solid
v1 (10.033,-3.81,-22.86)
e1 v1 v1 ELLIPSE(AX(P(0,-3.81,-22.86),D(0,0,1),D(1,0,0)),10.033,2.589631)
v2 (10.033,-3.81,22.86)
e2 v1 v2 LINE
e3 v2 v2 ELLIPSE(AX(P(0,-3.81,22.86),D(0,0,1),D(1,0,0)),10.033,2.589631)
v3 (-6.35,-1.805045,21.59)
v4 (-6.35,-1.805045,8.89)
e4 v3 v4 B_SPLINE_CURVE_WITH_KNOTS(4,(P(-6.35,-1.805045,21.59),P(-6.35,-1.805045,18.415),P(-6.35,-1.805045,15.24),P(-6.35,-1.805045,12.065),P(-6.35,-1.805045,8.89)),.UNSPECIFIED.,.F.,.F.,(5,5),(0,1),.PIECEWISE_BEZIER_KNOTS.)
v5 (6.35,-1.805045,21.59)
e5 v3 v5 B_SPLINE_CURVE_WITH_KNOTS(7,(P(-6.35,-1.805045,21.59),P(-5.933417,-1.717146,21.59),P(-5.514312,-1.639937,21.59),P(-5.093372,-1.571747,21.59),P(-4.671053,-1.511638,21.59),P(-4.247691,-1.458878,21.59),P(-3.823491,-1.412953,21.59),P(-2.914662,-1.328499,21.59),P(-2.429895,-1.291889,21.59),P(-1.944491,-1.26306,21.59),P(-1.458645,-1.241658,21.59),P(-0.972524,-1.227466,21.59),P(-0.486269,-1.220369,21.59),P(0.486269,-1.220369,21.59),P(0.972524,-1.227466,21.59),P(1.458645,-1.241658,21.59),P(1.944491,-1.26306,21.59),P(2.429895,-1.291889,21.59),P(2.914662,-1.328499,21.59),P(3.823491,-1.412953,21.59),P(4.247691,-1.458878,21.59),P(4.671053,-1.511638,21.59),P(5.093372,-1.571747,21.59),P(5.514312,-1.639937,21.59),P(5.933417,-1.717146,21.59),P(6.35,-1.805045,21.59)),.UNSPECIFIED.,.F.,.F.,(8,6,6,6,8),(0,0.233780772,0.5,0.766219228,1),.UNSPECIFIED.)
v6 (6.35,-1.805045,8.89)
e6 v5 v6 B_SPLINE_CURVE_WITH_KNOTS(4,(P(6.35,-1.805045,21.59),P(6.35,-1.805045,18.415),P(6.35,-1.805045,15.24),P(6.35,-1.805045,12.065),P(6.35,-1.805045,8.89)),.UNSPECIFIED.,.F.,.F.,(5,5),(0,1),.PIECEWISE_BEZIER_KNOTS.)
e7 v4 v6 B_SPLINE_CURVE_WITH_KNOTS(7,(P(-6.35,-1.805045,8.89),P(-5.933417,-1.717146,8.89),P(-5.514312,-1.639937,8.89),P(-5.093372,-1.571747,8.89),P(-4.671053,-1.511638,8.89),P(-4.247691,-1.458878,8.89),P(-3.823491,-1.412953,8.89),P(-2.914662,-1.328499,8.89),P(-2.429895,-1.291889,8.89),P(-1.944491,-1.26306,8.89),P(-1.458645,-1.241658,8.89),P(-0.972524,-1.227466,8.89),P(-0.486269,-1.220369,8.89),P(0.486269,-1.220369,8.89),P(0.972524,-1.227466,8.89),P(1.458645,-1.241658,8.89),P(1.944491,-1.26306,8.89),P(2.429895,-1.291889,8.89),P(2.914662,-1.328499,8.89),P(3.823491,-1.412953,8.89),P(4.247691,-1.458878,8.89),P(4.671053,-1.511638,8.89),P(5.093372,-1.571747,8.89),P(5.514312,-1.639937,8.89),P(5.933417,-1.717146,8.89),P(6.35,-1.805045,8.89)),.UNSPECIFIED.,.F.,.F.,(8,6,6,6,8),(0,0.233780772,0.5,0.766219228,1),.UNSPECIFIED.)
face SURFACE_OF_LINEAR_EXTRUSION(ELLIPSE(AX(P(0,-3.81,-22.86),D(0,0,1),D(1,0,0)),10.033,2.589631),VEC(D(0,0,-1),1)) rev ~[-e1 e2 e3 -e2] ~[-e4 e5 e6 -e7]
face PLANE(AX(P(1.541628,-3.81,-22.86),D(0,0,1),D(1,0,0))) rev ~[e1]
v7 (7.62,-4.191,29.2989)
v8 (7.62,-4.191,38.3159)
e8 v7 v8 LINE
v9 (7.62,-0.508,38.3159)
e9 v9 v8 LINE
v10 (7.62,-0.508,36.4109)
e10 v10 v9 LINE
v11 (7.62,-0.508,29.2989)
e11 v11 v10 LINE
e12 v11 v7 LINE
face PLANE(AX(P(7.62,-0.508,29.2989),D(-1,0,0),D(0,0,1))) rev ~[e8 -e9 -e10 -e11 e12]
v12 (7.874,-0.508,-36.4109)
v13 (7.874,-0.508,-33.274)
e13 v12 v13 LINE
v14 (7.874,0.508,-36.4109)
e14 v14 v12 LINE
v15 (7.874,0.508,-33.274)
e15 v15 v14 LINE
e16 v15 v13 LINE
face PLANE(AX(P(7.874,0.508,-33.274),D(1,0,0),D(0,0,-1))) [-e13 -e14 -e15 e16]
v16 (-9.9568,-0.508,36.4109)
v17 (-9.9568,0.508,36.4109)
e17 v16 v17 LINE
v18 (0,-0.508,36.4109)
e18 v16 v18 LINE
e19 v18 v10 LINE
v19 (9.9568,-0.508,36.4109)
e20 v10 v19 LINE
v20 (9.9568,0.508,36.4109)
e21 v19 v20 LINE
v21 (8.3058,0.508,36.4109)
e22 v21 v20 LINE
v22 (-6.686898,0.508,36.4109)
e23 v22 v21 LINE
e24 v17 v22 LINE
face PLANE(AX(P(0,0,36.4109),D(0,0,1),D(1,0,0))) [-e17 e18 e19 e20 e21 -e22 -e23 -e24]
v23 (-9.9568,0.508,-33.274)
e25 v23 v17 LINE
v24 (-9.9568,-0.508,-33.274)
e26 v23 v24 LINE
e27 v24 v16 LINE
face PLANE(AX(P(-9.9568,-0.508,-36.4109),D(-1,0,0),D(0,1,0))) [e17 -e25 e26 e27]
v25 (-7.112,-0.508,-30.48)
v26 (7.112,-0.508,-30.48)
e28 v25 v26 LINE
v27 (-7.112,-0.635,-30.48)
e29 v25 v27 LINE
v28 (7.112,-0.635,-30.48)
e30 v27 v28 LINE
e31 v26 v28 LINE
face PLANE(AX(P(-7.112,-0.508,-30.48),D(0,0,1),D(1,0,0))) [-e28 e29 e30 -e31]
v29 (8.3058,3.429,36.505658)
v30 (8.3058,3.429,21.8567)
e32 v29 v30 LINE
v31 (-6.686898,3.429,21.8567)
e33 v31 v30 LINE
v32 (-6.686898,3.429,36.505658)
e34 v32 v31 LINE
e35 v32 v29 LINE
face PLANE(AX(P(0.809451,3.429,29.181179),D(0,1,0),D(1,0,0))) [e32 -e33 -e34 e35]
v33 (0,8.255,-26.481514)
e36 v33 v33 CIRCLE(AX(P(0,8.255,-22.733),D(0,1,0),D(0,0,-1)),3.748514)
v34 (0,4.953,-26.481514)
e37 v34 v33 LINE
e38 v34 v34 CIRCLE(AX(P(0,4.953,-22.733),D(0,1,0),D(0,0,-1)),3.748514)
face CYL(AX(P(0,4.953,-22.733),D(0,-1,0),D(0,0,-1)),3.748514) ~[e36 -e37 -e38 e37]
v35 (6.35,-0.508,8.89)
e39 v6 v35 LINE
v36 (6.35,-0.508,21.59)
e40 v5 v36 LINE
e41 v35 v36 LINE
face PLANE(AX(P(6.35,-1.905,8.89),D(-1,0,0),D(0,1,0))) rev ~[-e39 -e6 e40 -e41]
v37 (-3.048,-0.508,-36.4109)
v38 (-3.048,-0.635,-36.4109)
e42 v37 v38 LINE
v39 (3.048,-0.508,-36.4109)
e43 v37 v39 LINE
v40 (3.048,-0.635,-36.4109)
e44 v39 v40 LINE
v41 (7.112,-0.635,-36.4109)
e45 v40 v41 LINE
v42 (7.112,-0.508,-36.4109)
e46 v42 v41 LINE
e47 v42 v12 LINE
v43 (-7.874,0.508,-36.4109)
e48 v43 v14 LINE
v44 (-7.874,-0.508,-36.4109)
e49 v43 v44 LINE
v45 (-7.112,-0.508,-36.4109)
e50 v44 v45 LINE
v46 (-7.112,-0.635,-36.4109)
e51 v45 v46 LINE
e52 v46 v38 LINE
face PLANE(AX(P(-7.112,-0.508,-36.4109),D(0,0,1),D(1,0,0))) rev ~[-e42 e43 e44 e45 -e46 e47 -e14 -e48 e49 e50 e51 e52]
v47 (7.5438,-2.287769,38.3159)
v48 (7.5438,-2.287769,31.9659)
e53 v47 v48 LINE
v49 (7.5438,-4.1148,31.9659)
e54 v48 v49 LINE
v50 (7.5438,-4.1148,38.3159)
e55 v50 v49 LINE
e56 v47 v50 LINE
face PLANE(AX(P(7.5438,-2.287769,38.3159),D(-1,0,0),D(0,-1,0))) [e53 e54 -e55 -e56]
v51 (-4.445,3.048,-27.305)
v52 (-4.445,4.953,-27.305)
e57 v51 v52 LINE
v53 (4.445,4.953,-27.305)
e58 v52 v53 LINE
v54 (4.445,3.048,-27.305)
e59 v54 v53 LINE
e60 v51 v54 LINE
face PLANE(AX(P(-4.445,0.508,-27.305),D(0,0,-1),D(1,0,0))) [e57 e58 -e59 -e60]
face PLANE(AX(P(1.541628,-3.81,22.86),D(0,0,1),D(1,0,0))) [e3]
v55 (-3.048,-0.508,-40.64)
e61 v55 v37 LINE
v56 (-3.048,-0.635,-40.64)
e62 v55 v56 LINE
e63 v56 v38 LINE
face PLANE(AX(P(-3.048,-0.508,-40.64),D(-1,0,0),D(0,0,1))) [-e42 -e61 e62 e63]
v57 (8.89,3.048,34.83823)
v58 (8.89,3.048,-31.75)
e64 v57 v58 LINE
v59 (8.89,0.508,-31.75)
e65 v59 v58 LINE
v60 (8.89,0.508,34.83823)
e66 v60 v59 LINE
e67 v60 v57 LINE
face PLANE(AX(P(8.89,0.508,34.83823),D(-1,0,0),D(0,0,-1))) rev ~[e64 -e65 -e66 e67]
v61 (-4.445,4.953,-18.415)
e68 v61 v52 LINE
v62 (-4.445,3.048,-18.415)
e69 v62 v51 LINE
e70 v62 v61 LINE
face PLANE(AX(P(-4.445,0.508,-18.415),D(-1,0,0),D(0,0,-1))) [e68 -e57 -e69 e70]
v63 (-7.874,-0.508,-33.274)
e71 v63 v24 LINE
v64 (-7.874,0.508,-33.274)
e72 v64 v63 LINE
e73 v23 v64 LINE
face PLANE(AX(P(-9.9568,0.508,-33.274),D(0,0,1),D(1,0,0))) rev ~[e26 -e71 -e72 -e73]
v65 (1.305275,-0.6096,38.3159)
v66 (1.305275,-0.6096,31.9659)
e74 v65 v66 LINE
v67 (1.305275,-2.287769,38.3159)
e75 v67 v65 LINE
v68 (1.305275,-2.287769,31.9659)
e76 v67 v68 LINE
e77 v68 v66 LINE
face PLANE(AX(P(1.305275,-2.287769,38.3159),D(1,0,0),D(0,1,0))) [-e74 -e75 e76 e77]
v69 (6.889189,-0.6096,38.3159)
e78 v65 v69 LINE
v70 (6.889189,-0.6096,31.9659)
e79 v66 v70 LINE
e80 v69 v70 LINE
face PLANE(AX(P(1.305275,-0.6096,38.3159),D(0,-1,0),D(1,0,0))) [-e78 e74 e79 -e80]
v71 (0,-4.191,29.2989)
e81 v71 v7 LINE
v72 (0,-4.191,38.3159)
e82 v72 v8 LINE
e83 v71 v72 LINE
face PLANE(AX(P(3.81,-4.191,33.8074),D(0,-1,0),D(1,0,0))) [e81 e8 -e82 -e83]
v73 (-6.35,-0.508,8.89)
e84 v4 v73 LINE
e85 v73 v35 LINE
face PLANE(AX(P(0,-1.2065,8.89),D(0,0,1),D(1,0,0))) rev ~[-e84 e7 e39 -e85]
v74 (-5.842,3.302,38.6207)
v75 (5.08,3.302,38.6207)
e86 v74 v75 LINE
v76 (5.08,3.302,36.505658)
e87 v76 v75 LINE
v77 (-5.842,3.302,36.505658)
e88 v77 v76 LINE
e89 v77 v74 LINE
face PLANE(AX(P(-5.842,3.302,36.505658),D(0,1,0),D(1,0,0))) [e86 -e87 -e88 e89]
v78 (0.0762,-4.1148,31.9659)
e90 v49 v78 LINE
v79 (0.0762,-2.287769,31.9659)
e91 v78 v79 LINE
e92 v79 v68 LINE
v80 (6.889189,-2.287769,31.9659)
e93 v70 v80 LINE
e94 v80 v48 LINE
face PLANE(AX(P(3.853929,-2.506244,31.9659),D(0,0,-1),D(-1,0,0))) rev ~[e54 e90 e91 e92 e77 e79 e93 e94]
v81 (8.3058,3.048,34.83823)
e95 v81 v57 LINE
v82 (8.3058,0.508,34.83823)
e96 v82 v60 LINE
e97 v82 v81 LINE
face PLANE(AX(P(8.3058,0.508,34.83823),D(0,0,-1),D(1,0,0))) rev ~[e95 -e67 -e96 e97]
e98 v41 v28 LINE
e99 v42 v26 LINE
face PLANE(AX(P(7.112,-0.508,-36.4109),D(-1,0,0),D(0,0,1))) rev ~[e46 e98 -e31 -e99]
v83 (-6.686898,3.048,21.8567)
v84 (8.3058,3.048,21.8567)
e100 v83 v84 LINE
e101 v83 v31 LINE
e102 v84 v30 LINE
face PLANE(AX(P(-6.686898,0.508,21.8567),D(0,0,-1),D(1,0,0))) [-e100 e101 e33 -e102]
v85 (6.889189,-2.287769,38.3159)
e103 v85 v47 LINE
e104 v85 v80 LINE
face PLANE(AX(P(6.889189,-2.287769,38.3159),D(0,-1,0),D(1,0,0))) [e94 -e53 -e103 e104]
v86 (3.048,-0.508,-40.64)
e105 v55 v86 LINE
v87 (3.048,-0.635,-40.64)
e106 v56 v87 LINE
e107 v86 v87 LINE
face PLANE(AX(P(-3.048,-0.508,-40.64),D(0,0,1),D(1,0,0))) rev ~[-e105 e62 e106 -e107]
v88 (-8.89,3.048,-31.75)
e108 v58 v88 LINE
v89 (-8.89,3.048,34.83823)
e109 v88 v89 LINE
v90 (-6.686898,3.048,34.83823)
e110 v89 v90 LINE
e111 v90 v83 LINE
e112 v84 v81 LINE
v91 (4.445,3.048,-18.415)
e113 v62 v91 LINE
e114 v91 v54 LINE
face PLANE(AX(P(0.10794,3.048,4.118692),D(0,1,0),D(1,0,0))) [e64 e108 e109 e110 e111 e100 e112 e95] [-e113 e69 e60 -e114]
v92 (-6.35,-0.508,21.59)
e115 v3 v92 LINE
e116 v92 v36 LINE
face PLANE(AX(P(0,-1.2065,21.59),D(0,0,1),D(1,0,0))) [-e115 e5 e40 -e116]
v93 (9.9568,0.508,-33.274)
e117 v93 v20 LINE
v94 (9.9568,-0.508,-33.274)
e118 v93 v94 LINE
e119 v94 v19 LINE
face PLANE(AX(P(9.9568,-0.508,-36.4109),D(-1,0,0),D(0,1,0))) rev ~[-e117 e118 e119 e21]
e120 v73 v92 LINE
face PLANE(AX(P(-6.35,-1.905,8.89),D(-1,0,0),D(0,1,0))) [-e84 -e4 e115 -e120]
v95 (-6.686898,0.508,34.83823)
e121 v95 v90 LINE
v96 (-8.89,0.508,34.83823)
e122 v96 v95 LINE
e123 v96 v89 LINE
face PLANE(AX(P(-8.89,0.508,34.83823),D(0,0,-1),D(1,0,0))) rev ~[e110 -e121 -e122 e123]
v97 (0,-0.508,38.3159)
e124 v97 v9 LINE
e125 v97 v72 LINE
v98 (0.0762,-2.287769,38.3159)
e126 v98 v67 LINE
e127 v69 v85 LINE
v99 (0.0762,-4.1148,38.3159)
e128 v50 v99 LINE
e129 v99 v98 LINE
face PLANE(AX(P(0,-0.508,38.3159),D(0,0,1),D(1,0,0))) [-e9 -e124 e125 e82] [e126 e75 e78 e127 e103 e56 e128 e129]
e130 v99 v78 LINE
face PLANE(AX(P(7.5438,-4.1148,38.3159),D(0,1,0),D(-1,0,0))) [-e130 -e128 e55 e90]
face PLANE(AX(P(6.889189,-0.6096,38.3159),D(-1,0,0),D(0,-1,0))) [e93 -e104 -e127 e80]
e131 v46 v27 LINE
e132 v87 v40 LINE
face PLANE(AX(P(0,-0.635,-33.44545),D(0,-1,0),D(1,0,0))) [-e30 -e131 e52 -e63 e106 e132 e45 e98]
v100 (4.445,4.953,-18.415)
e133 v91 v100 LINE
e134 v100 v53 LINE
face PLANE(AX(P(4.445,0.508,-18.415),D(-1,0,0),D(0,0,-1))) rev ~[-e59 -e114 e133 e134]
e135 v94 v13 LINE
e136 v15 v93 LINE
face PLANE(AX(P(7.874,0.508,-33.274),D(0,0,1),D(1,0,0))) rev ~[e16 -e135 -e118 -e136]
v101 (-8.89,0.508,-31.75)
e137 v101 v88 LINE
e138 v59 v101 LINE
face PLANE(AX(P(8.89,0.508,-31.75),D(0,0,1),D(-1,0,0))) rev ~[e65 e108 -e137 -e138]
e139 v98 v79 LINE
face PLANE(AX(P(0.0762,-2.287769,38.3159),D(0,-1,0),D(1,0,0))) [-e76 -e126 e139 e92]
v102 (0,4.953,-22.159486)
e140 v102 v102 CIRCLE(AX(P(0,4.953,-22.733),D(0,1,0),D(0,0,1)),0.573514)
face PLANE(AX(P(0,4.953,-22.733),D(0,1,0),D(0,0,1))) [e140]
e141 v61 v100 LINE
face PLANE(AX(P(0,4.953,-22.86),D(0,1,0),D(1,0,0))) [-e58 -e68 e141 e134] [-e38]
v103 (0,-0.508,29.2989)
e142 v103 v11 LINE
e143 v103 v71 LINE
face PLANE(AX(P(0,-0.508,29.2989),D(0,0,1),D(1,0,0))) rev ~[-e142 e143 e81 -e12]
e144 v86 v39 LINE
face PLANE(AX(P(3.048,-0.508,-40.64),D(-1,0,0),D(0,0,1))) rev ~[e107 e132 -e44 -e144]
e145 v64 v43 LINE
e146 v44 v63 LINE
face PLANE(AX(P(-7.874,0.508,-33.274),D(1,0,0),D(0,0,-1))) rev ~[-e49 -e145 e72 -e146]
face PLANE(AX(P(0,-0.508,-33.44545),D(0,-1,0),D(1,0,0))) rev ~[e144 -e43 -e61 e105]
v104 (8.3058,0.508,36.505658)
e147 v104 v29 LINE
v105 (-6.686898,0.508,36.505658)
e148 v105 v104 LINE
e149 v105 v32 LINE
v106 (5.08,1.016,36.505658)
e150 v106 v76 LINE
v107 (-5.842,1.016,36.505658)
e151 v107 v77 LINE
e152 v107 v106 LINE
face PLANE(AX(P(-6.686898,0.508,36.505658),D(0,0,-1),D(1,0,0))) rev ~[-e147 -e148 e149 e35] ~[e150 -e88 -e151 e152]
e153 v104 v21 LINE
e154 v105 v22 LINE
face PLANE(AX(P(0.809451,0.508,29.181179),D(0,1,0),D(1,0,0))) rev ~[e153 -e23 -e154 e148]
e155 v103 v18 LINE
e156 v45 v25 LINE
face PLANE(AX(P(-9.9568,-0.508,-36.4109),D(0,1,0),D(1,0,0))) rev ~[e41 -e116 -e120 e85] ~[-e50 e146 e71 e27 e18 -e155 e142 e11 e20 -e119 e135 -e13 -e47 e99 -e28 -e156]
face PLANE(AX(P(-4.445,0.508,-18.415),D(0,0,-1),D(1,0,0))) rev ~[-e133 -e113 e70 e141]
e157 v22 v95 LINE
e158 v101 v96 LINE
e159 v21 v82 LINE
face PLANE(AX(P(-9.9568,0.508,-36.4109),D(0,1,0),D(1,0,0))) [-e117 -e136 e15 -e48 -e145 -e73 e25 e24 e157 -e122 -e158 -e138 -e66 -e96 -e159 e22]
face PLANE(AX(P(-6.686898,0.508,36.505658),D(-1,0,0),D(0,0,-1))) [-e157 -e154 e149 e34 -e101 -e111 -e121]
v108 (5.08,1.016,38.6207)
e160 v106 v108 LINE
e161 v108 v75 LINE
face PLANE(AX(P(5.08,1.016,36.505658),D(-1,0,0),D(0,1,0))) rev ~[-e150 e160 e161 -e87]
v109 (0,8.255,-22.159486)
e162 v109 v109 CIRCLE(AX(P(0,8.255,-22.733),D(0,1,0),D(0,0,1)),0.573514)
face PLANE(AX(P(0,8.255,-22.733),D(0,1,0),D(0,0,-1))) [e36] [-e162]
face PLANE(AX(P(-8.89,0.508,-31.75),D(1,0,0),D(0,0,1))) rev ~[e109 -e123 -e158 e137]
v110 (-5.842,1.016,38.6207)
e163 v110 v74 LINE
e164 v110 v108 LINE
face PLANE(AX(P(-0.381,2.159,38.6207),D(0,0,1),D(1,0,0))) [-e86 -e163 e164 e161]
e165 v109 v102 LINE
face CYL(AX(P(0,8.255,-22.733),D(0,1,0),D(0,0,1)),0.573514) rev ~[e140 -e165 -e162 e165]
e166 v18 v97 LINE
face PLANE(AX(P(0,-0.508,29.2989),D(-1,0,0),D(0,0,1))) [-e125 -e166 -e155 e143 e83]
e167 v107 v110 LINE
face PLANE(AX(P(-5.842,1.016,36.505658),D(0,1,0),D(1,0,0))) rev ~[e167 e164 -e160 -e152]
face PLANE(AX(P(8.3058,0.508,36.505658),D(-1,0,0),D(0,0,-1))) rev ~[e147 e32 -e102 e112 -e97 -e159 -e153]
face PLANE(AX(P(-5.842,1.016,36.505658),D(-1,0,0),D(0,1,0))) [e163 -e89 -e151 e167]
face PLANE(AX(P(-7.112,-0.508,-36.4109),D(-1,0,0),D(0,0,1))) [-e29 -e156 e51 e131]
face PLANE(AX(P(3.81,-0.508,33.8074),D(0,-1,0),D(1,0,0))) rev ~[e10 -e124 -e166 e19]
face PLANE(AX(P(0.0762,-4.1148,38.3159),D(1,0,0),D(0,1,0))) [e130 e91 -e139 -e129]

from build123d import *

# Parameters (mm, degrees)
BOSS_EXTRUDE2_DEPTH      = 6.35
BOSS_EXTRUDE2_DEPTH_BACK = 6.35
BOSS_EXTRUDE2_START      = 15.24
SKETCH4_W                = 12.7
SKETCH4_H                = 1.397
BOSS_EXTRUDE3_DEPTH      = 22.86
BOSS_EXTRUDE3_DEPTH_BACK = 22.86
SKETCH5_RX               = 10.033
SKETCH5_RY               = 2.589631332
BOSS_EXTRUDE4_DEPTH      = 36.4109
BOSS_EXTRUDE4_DEPTH_BACK = 36.4109
SKETCH6_W                = 19.9136
SKETCH6_H                = 1.016
SKETCH7_W                = 14.992697908
SKETCH7_H                = 14.648957972
BOSS_EXTRUDE6_DEPTH      = 2.921
SKETCH10_W               = 10.922
SKETCH10_H               = 2.286
BOSS_EXTRUDE7_DEPTH      = 2.115042028
CUT_EXTRUDE1_REACH       = 42.496
SKETCH11_W               = 2.0828
SKETCH11_H               = 3.1369
SKETCH12_W               = 7.62
SKETCH12_H               = 9.017
BOSS_EXTRUDE8_DEPTH      = 3.683
SKETCH13_W               = 8.89
SKETCH13_H               = 8.89
BOSS_EXTRUDE9_DEPTH      = 4.445
SKETCH14_R               = 3.748513876
BOSS_EXTRUDE10_DEPTH     = 3.302
SKETCH15_R               = 0.573513876
CUT_EXTRUDE2_DEPTH       = 3.302
SKETCH16_W               = 14.224
SKETCH16_H               = 5.9309
SKETCH16_W_2             = 6.096
SKETCH16_H_2             = 4.2291
BOSS_EXTRUDE11_DEPTH     = 0.127
CUT_EXTRUDE3_DEPTH       = 6.35
SKETCH18_W               = 8.89
SKETCH18_H               = 8.89
BOSS_EXTRUDE13_DEPTH     = 2.54


with BuildPart() as part:
    # Sketch4 → Boss-Extrude2 (new, two sides: drawn at the far end of the back side and taken through both)
    with BuildSketch(Plane.XY.offset(BOSS_EXTRUDE2_START - BOSS_EXTRUDE2_DEPTH_BACK)):
        with Locations((0, -1.2065)):
            Rectangle(SKETCH4_W, SKETCH4_H)
    extrude(amount=BOSS_EXTRUDE2_DEPTH + BOSS_EXTRUDE2_DEPTH_BACK)

    # Sketch5 → Boss-Extrude3 (add, two sides: drawn at the far end of the back side and taken through both)
    with BuildSketch(Plane.XY.offset(-BOSS_EXTRUDE3_DEPTH_BACK)):
        with Locations((0, -3.81)):
            Ellipse(SKETCH5_RX, SKETCH5_RY)
    extrude(amount=BOSS_EXTRUDE3_DEPTH + BOSS_EXTRUDE3_DEPTH_BACK)

    # Sketch6 → Boss-Extrude4 (add, two sides: drawn at the far end of the back side and taken through both)
    with BuildSketch(Plane.XY.offset(-BOSS_EXTRUDE4_DEPTH_BACK)):
        Rectangle(SKETCH6_W, SKETCH6_H)
    extrude(amount=BOSS_EXTRUDE4_DEPTH + BOSS_EXTRUDE4_DEPTH_BACK)

    # Sketch7 → Boss-Extrude6 (add)
    with BuildSketch(Plane(origin=(0, 0.508, 0), x_dir=(1, 0, 0), z_dir=(0, 1, 0))):
        with Locations((0.809451046, -29.181178986)):
            Rectangle(SKETCH7_W, SKETCH7_H)
    extrude(amount=BOSS_EXTRUDE6_DEPTH)

    # Sketch10 → Boss-Extrude7 (add)
    with BuildSketch(Plane.XY.offset(36.505657972)):
        with Locations((-0.381, 2.159)):
            Rectangle(SKETCH10_W, SKETCH10_H)
    extrude(amount=BOSS_EXTRUDE7_DEPTH)

    # Sketch11 → Cut-Extrude1 (cut, up to next)
    with BuildSketch(Plane(origin=(0, 0.508, 0), x_dir=(1, 0, 0), z_dir=(0, 1, 0)), mode=Mode.PRIVATE) as cut_extrude1_sk1:
        with Locations((-8.9154, 34.84245)):
            Rectangle(SKETCH11_W, SKETCH11_H)
    cut_extrude1_tool1 = extrude(cut_extrude1_sk1.sketch, amount=-CUT_EXTRUDE1_REACH, mode=Mode.PRIVATE) & part.part
    # Sketch11 → Cut-Extrude1 (cut, up to next)
    with BuildSketch(Plane(origin=(0, 0.508, 0), x_dir=(1, 0, 0), z_dir=(0, 1, 0)), mode=Mode.PRIVATE) as cut_extrude1_sk2:
        with Locations((8.9154, 34.84245)):
            Rectangle(SKETCH11_W, SKETCH11_H)
    cut_extrude1_tool2 = extrude(cut_extrude1_sk2.sketch, amount=-CUT_EXTRUDE1_REACH, mode=Mode.PRIVATE) & part.part
    add(cut_extrude1_tool1.solids().sort_by_distance((-8.9154, 0.508, -34.84245))[0], mode=Mode.SUBTRACT)
    add(cut_extrude1_tool2.solids().sort_by_distance((8.9154, 0.508, -34.84245))[0], mode=Mode.SUBTRACT)

    # Sketch12 → Boss-Extrude8 (add)
    with BuildSketch(Plane.XZ.offset(0.508)):
        with Locations((3.81, 33.8074)):
            Rectangle(SKETCH12_W, SKETCH12_H)
    extrude(amount=BOSS_EXTRUDE8_DEPTH)

    # Sketch13 → Boss-Extrude9 (add)
    with BuildSketch(Plane(origin=(0, 0.508, 0), x_dir=(1, 0, 0), z_dir=(0, 1, 0))):
        with Locations((0, 22.86)):
            Rectangle(SKETCH13_W, SKETCH13_H)
    extrude(amount=BOSS_EXTRUDE9_DEPTH)

    # Sketch14 → Boss-Extrude10 (add)
    with BuildSketch(Plane(origin=(0, 4.953, 0), x_dir=(1, 0, 0), z_dir=(0, 1, 0))):
        with Locations(Location((0, 22.733, 0), (0, 0, 90))):
            Circle(SKETCH14_R)
    extrude(amount=BOSS_EXTRUDE10_DEPTH)

    # Sketch15 → Cut-Extrude2 (cut)
    with BuildSketch(Plane(origin=(0, 8.255, 0), x_dir=(1, 0, 0), z_dir=(0, 1, 0))):
        with Locations(Location((0, 22.733, 0), (0, 0, 270))):
            Circle(SKETCH15_R)
    extrude(amount=-CUT_EXTRUDE2_DEPTH, mode=Mode.SUBTRACT)

    # Sketch16 → Boss-Extrude11 (add)
    with BuildSketch(Plane.XZ.offset(0.508)):
        with Locations((0, -33.44545)):
            Rectangle(SKETCH16_W, SKETCH16_H)
        with Locations((0, -38.52545)):
            Rectangle(SKETCH16_W_2, SKETCH16_H_2)
    extrude(amount=BOSS_EXTRUDE11_DEPTH)

    # Sketch17 → Cut-Extrude3 (cut)
    with BuildSketch(Plane.XY.offset(38.3159)):
        Polygon((1.305274753, -0.6096), (6.889189319, -0.6096), (6.889189319, -2.287768833), (7.5438, -2.287768833), (7.5438, -4.1148), (0.0762, -4.1148), (0.0762, -2.287768833), (1.305274753, -2.287768833), align=None)
    extrude(amount=-CUT_EXTRUDE3_DEPTH, mode=Mode.SUBTRACT)

    # Sketch18 → Boss-Extrude13 (add)
    with BuildSketch(Plane(origin=(0, 0.508, 0), x_dir=(1, 0, 0), z_dir=(0, 1, 0))):
        Polygon((8.3058, -34.838229956), (8.89, -34.838229956), (8.89, 31.75), (-8.89, 31.75), (-8.89, -34.838229956), (-6.686897908, -34.838229956), (-6.686897908, -21.8567), (8.3058, -21.8567), align=None)
        with Locations((0, 22.86)):
            Rectangle(SKETCH18_W, SKETCH18_H, mode=Mode.SUBTRACT)
    extrude(amount=BOSS_EXTRUDE13_DEPTH)


solid = part.part
